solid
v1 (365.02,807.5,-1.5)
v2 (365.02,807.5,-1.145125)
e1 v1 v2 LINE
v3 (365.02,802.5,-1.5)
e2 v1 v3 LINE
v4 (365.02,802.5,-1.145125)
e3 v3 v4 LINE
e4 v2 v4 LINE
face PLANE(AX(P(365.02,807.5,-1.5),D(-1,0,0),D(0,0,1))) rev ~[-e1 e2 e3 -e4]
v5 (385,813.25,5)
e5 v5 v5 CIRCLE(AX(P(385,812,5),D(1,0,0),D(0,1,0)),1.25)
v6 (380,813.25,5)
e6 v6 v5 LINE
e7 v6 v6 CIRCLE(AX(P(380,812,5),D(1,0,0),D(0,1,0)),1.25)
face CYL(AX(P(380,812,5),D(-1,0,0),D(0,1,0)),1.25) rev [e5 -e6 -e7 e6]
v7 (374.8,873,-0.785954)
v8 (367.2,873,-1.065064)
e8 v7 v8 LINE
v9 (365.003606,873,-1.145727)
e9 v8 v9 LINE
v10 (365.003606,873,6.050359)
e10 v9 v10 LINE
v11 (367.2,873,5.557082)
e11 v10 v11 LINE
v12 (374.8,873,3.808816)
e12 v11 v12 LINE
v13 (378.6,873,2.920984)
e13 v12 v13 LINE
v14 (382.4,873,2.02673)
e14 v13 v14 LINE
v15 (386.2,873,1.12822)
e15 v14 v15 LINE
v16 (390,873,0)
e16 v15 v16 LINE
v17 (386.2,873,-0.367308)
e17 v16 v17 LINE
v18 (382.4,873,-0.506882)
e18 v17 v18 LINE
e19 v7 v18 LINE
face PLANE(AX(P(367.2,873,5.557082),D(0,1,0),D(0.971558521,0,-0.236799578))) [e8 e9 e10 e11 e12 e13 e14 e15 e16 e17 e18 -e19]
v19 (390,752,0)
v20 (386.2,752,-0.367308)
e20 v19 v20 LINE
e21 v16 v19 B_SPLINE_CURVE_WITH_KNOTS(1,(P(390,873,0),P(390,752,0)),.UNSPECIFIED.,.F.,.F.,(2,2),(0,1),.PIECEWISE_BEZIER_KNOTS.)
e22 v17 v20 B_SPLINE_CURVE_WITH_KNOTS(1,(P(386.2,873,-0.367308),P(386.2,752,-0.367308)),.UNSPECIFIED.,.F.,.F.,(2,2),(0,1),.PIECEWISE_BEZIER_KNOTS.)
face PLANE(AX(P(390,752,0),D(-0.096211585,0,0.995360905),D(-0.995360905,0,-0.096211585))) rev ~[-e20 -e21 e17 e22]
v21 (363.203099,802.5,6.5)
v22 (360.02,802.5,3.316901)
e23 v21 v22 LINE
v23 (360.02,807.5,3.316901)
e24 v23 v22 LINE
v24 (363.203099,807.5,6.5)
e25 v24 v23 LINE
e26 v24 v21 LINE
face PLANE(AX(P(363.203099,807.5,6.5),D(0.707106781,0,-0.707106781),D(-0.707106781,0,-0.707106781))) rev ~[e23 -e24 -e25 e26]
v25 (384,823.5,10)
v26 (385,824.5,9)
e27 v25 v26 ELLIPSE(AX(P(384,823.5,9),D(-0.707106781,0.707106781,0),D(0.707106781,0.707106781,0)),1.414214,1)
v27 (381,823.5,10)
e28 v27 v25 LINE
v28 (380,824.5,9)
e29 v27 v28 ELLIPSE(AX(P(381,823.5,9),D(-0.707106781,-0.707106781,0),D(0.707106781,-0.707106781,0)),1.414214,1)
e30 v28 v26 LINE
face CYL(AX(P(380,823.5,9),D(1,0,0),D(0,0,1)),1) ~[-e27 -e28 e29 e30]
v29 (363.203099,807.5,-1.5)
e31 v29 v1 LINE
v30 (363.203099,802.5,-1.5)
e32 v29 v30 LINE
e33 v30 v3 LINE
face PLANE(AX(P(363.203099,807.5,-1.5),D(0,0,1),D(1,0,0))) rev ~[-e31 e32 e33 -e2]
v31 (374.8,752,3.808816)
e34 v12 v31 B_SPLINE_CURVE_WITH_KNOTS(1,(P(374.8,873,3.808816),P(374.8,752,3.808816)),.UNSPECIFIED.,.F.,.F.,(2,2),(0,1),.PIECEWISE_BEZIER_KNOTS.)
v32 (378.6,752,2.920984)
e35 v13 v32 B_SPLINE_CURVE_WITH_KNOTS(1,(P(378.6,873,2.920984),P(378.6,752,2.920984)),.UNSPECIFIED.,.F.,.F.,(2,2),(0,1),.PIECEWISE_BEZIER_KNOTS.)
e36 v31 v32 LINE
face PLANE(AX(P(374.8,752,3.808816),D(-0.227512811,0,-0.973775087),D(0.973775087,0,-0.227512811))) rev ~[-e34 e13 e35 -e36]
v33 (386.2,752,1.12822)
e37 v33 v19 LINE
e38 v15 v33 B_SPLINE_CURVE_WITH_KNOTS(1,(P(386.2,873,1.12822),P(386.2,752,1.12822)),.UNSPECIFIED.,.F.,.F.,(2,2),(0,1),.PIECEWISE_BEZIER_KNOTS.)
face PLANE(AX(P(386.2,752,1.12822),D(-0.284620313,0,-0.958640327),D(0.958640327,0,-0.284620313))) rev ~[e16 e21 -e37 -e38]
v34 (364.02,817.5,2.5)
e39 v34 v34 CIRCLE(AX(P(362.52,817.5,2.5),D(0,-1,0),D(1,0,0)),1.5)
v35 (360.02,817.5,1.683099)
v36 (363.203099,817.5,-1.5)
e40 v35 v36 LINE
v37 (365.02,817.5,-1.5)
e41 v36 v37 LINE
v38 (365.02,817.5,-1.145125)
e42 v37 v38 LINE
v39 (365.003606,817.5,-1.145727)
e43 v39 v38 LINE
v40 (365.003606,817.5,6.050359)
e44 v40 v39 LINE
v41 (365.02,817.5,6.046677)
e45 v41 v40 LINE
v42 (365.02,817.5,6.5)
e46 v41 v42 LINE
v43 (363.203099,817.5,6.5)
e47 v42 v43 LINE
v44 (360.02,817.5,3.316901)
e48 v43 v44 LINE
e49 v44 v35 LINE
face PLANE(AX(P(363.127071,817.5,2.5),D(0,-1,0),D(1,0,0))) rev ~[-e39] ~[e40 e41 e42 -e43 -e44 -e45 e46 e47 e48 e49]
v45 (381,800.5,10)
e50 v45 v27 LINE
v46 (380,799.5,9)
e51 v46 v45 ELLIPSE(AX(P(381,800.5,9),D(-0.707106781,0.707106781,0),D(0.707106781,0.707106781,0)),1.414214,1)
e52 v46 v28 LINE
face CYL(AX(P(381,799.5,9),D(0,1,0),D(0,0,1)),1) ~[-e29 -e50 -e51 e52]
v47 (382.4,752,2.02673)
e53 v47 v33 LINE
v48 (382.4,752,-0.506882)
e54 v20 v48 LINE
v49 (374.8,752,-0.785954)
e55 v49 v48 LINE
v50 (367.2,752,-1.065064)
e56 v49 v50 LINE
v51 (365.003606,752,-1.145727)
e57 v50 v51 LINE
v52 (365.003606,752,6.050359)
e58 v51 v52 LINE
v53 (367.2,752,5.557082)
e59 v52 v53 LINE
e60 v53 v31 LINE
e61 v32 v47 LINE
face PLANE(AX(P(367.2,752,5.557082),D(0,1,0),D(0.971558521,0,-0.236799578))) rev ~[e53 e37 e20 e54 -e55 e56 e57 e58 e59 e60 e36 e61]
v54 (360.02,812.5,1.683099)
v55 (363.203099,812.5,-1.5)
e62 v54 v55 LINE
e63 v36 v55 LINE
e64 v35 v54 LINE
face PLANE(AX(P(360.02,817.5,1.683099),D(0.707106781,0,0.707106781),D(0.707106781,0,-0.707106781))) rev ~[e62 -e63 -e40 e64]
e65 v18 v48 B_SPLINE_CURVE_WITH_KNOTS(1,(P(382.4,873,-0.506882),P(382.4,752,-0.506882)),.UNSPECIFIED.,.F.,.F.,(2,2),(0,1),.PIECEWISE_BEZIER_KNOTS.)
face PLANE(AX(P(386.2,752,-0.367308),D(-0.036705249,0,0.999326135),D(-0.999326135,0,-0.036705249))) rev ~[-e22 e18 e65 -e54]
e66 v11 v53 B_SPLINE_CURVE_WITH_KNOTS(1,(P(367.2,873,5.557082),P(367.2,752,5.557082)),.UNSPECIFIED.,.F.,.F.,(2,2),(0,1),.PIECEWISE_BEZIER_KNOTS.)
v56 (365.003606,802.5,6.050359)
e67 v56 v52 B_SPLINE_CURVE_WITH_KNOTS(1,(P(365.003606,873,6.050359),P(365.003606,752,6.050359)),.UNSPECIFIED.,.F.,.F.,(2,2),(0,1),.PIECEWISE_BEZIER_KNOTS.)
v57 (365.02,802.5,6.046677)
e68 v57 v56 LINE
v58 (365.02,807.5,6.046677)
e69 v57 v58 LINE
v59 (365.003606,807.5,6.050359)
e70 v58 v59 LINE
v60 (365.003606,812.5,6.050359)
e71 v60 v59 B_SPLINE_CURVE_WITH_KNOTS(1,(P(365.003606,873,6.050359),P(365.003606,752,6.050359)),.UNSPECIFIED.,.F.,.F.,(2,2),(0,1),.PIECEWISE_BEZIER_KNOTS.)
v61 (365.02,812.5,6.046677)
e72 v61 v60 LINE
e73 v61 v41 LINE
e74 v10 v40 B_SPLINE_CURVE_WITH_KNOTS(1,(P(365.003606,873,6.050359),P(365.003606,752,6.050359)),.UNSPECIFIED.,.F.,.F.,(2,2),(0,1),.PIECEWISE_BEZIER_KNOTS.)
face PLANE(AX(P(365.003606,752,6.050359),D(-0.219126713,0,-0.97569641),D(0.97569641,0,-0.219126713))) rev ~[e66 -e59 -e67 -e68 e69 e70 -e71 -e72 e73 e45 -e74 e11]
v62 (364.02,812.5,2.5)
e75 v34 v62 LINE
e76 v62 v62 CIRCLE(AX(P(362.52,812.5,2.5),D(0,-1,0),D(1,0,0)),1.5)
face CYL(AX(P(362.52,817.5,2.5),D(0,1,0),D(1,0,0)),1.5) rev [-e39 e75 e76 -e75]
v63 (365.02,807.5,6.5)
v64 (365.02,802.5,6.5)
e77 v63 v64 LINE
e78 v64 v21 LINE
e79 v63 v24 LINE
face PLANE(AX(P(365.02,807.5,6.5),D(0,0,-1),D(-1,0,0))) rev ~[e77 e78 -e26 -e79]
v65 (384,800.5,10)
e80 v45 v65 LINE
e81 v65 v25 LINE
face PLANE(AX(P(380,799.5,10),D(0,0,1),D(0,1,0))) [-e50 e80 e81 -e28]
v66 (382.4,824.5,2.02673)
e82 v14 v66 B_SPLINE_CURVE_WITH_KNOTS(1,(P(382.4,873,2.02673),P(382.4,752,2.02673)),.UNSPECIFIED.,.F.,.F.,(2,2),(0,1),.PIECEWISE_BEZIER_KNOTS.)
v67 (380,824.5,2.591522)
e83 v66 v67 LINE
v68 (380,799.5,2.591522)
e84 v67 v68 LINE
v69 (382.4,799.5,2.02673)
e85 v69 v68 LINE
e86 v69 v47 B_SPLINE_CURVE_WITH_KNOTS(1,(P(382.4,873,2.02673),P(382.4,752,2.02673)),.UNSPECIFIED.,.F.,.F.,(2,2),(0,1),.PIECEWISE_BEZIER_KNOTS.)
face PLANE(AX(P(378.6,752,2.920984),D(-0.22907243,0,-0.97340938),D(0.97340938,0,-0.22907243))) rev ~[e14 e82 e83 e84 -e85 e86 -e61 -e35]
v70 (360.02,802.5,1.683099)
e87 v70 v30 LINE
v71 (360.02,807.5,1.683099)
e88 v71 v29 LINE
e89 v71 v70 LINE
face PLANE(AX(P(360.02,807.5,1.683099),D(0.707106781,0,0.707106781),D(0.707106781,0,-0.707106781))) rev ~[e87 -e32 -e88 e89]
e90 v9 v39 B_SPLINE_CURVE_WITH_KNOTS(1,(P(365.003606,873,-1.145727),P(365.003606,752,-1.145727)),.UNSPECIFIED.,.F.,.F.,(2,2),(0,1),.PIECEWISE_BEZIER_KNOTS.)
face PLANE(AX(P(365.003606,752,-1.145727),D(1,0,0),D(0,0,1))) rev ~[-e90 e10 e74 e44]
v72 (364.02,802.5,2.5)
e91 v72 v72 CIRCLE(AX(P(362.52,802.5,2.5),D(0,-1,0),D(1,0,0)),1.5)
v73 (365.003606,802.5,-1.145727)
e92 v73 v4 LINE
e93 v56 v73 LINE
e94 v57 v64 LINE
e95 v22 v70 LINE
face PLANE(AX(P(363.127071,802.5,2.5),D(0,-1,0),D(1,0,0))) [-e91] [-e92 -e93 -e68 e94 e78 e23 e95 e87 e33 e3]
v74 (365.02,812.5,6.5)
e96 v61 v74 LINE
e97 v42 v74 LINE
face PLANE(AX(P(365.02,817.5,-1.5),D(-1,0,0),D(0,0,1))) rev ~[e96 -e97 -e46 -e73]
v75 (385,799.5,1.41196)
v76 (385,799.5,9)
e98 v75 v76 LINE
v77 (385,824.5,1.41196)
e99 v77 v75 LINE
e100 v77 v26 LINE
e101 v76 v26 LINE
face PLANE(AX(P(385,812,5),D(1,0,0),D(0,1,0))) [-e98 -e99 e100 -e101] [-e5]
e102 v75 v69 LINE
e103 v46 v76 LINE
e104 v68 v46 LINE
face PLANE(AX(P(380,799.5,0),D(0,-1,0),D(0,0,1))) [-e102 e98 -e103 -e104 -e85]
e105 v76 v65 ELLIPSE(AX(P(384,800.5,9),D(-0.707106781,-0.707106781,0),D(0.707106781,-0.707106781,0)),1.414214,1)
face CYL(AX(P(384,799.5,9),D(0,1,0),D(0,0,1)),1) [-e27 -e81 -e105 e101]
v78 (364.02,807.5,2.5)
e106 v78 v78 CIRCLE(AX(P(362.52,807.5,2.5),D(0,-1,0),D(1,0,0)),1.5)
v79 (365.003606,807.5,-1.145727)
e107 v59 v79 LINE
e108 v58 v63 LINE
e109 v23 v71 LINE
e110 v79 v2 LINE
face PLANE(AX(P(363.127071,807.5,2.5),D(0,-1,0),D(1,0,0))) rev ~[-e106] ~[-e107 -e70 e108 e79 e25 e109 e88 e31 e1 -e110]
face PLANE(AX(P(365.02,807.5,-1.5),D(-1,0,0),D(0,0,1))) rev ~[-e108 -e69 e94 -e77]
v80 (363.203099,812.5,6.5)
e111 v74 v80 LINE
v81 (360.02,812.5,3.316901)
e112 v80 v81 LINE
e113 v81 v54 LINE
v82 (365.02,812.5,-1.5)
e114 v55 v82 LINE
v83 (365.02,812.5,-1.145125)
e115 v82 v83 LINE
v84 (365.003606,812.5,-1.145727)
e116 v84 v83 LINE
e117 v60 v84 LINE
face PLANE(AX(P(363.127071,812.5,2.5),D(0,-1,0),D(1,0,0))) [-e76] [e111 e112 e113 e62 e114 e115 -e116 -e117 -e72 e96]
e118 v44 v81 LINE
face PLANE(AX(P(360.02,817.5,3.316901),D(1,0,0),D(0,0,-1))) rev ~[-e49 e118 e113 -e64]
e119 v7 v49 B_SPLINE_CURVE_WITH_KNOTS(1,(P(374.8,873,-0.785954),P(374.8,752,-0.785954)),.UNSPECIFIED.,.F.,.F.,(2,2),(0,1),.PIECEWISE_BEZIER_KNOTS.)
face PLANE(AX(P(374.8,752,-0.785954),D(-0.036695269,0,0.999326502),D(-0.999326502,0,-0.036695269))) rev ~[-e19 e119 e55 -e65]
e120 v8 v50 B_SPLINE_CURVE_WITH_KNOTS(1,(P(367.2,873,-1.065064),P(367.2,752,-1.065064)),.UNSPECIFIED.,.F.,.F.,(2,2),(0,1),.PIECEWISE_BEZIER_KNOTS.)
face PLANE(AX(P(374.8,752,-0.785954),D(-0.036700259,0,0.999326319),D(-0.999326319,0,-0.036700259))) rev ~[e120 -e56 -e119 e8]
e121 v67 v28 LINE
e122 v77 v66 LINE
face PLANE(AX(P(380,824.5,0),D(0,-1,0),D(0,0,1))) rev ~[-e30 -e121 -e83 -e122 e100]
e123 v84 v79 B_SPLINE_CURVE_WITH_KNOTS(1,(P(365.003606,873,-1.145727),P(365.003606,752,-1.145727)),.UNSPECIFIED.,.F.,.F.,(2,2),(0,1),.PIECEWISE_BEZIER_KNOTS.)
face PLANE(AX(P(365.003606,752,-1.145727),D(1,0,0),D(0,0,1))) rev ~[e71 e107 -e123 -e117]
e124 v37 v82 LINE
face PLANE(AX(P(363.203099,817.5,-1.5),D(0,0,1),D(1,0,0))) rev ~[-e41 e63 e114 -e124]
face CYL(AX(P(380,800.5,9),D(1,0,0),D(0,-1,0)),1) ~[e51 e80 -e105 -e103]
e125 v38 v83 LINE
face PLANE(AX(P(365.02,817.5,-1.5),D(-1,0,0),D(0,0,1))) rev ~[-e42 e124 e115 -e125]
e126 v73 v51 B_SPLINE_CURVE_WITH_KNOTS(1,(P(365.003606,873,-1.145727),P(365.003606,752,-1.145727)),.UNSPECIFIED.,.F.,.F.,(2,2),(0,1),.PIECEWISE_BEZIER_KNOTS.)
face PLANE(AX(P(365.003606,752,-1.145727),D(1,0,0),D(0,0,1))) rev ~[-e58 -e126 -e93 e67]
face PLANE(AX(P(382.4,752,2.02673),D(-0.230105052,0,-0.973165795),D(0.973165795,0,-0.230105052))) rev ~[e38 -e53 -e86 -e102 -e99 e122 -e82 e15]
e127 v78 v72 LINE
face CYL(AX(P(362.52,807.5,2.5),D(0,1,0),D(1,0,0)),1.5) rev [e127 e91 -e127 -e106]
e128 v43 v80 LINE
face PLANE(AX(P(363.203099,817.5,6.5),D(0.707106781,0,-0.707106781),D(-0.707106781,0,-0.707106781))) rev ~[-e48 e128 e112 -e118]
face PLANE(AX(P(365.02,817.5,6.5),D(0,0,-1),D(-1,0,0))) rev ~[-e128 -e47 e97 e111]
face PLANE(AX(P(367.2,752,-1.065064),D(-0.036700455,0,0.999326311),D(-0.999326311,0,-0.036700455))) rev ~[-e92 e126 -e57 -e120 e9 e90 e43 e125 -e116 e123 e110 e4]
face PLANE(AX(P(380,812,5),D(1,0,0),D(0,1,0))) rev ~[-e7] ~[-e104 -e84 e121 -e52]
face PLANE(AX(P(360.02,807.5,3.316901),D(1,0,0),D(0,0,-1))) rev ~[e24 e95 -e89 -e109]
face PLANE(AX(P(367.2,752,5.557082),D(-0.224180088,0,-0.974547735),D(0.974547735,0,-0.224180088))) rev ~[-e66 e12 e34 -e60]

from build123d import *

# Parameters (mm, degrees)
SKETCH023_R  = 1.5
PAD009_DEPTH = 5
SKETCH022_R  = 1.5
PAD012_DEPTH = 5
SKETCH026_W  = 25
SKETCH026_H  = 10
SKETCH026_R  = 1.25
PAD015_DEPTH = 5
FILLET001_R  = 1


with BuildPart() as body015:
    # Sketch023 → Pad009 (new body)
    with BuildSketch(Plane(origin=(0.02, 0, 0), x_dir=(1, 0, 0), z_dir=(0, -1, 0))):
        Polygon((0.683099, -4), (2.5, -4), (2.5, 4), (0.683099, 4), (-2.5, 0.816901), (-2.5, -0.816901), align=None)
        Circle(SKETCH023_R, mode=Mode.SUBTRACT)
    extrude(amount=PAD009_DEPTH)


with BuildPart() as body015_1:
    # Body015 placement: moved
    add(body015.part.moved(Location((362.5, 807.5, 2.5))))


with BuildPart() as body014:
    # Sketch022 → Pad012 (new body)
    with BuildSketch(Plane(origin=(0.02, 0, 0), x_dir=(1, 0, 0), z_dir=(0, -1, 0))):
        Polygon((0.683099, -4), (2.5, -4), (2.5, 4), (0.683099, 4), (-2.5, 0.816901), (-2.5, -0.816901), align=None)
        Circle(SKETCH022_R, mode=Mode.SUBTRACT)
    extrude(amount=PAD012_DEPTH)


with BuildPart() as body014_1:
    # Body014 placement: moved
    add(body014.part.moved(Location((362.5, 817.5, 2.5))))


with BuildPart() as hinge_flap:
    # Sketch026 → Pad015 (new body)
    with BuildSketch(Plane.YZ):
        Rectangle(SKETCH026_W, SKETCH026_H)
        Circle(SKETCH026_R, mode=Mode.SUBTRACT)
    extrude(amount=PAD015_DEPTH)

    # Fillet001
    fillet001_edges = [hinge_flap.edges().sort_by_distance(p)[0] for p in [
        (2.5, 12.5, 5),
        (2.5, -12.5, 5),
        (0, 0, 5),
        (5, 0, 5),
    ]]
    fillet(fillet001_edges, radius=FILLET001_R)


with BuildPart() as hinge_flap_1:
    # Body018 placement: moved
    add(hinge_flap.part.moved(Location((380, 812, 5))))


with BuildPart() as flap:
    # Sketch013 → AdditiveLoft002 section 0
    with BuildSketch(Plane(origin=(10, 873, 0), x_dir=(1, 0, 0), z_dir=(0, -1, 0))):
        Polygon((357.2, 5.557082), (364.8, 3.808816), (368.6, 2.920984), (372.4, 2.02673), (376.2, 1.12822), (380, 0), (376.2, -0.367308), (372.4, -0.506882), (368.6, -0.646418), (364.8, -0.785954), (357.2, -1.065064), (355.003606, -1.145727), (355.003606, 6.050359), align=None)
    # Sketch015 → AdditiveLoft002 section 1
    with BuildSketch(Plane(origin=(10, 752, 0), x_dir=(1, 0, 0), z_dir=(0, -1, 0))):
        Polygon((357.2, 5.557082), (364.8, 3.808816), (368.6, 2.920984), (372.4, 2.02673), (376.2, 1.12822), (380, 0), (376.2, -0.367308), (372.4, -0.506882), (368.6, -0.646418), (364.8, -0.785954), (357.2, -1.065064), (355.003606, -1.145727), (355.003606, 6.050359), align=None)
    loft()

    # Boolean003: union Body015, Body014
    add(body015_1.part)
    add(body014_1.part)

    # Boolean005: union hinge_flap
    add(hinge_flap_1.part)


solid = flap.part
